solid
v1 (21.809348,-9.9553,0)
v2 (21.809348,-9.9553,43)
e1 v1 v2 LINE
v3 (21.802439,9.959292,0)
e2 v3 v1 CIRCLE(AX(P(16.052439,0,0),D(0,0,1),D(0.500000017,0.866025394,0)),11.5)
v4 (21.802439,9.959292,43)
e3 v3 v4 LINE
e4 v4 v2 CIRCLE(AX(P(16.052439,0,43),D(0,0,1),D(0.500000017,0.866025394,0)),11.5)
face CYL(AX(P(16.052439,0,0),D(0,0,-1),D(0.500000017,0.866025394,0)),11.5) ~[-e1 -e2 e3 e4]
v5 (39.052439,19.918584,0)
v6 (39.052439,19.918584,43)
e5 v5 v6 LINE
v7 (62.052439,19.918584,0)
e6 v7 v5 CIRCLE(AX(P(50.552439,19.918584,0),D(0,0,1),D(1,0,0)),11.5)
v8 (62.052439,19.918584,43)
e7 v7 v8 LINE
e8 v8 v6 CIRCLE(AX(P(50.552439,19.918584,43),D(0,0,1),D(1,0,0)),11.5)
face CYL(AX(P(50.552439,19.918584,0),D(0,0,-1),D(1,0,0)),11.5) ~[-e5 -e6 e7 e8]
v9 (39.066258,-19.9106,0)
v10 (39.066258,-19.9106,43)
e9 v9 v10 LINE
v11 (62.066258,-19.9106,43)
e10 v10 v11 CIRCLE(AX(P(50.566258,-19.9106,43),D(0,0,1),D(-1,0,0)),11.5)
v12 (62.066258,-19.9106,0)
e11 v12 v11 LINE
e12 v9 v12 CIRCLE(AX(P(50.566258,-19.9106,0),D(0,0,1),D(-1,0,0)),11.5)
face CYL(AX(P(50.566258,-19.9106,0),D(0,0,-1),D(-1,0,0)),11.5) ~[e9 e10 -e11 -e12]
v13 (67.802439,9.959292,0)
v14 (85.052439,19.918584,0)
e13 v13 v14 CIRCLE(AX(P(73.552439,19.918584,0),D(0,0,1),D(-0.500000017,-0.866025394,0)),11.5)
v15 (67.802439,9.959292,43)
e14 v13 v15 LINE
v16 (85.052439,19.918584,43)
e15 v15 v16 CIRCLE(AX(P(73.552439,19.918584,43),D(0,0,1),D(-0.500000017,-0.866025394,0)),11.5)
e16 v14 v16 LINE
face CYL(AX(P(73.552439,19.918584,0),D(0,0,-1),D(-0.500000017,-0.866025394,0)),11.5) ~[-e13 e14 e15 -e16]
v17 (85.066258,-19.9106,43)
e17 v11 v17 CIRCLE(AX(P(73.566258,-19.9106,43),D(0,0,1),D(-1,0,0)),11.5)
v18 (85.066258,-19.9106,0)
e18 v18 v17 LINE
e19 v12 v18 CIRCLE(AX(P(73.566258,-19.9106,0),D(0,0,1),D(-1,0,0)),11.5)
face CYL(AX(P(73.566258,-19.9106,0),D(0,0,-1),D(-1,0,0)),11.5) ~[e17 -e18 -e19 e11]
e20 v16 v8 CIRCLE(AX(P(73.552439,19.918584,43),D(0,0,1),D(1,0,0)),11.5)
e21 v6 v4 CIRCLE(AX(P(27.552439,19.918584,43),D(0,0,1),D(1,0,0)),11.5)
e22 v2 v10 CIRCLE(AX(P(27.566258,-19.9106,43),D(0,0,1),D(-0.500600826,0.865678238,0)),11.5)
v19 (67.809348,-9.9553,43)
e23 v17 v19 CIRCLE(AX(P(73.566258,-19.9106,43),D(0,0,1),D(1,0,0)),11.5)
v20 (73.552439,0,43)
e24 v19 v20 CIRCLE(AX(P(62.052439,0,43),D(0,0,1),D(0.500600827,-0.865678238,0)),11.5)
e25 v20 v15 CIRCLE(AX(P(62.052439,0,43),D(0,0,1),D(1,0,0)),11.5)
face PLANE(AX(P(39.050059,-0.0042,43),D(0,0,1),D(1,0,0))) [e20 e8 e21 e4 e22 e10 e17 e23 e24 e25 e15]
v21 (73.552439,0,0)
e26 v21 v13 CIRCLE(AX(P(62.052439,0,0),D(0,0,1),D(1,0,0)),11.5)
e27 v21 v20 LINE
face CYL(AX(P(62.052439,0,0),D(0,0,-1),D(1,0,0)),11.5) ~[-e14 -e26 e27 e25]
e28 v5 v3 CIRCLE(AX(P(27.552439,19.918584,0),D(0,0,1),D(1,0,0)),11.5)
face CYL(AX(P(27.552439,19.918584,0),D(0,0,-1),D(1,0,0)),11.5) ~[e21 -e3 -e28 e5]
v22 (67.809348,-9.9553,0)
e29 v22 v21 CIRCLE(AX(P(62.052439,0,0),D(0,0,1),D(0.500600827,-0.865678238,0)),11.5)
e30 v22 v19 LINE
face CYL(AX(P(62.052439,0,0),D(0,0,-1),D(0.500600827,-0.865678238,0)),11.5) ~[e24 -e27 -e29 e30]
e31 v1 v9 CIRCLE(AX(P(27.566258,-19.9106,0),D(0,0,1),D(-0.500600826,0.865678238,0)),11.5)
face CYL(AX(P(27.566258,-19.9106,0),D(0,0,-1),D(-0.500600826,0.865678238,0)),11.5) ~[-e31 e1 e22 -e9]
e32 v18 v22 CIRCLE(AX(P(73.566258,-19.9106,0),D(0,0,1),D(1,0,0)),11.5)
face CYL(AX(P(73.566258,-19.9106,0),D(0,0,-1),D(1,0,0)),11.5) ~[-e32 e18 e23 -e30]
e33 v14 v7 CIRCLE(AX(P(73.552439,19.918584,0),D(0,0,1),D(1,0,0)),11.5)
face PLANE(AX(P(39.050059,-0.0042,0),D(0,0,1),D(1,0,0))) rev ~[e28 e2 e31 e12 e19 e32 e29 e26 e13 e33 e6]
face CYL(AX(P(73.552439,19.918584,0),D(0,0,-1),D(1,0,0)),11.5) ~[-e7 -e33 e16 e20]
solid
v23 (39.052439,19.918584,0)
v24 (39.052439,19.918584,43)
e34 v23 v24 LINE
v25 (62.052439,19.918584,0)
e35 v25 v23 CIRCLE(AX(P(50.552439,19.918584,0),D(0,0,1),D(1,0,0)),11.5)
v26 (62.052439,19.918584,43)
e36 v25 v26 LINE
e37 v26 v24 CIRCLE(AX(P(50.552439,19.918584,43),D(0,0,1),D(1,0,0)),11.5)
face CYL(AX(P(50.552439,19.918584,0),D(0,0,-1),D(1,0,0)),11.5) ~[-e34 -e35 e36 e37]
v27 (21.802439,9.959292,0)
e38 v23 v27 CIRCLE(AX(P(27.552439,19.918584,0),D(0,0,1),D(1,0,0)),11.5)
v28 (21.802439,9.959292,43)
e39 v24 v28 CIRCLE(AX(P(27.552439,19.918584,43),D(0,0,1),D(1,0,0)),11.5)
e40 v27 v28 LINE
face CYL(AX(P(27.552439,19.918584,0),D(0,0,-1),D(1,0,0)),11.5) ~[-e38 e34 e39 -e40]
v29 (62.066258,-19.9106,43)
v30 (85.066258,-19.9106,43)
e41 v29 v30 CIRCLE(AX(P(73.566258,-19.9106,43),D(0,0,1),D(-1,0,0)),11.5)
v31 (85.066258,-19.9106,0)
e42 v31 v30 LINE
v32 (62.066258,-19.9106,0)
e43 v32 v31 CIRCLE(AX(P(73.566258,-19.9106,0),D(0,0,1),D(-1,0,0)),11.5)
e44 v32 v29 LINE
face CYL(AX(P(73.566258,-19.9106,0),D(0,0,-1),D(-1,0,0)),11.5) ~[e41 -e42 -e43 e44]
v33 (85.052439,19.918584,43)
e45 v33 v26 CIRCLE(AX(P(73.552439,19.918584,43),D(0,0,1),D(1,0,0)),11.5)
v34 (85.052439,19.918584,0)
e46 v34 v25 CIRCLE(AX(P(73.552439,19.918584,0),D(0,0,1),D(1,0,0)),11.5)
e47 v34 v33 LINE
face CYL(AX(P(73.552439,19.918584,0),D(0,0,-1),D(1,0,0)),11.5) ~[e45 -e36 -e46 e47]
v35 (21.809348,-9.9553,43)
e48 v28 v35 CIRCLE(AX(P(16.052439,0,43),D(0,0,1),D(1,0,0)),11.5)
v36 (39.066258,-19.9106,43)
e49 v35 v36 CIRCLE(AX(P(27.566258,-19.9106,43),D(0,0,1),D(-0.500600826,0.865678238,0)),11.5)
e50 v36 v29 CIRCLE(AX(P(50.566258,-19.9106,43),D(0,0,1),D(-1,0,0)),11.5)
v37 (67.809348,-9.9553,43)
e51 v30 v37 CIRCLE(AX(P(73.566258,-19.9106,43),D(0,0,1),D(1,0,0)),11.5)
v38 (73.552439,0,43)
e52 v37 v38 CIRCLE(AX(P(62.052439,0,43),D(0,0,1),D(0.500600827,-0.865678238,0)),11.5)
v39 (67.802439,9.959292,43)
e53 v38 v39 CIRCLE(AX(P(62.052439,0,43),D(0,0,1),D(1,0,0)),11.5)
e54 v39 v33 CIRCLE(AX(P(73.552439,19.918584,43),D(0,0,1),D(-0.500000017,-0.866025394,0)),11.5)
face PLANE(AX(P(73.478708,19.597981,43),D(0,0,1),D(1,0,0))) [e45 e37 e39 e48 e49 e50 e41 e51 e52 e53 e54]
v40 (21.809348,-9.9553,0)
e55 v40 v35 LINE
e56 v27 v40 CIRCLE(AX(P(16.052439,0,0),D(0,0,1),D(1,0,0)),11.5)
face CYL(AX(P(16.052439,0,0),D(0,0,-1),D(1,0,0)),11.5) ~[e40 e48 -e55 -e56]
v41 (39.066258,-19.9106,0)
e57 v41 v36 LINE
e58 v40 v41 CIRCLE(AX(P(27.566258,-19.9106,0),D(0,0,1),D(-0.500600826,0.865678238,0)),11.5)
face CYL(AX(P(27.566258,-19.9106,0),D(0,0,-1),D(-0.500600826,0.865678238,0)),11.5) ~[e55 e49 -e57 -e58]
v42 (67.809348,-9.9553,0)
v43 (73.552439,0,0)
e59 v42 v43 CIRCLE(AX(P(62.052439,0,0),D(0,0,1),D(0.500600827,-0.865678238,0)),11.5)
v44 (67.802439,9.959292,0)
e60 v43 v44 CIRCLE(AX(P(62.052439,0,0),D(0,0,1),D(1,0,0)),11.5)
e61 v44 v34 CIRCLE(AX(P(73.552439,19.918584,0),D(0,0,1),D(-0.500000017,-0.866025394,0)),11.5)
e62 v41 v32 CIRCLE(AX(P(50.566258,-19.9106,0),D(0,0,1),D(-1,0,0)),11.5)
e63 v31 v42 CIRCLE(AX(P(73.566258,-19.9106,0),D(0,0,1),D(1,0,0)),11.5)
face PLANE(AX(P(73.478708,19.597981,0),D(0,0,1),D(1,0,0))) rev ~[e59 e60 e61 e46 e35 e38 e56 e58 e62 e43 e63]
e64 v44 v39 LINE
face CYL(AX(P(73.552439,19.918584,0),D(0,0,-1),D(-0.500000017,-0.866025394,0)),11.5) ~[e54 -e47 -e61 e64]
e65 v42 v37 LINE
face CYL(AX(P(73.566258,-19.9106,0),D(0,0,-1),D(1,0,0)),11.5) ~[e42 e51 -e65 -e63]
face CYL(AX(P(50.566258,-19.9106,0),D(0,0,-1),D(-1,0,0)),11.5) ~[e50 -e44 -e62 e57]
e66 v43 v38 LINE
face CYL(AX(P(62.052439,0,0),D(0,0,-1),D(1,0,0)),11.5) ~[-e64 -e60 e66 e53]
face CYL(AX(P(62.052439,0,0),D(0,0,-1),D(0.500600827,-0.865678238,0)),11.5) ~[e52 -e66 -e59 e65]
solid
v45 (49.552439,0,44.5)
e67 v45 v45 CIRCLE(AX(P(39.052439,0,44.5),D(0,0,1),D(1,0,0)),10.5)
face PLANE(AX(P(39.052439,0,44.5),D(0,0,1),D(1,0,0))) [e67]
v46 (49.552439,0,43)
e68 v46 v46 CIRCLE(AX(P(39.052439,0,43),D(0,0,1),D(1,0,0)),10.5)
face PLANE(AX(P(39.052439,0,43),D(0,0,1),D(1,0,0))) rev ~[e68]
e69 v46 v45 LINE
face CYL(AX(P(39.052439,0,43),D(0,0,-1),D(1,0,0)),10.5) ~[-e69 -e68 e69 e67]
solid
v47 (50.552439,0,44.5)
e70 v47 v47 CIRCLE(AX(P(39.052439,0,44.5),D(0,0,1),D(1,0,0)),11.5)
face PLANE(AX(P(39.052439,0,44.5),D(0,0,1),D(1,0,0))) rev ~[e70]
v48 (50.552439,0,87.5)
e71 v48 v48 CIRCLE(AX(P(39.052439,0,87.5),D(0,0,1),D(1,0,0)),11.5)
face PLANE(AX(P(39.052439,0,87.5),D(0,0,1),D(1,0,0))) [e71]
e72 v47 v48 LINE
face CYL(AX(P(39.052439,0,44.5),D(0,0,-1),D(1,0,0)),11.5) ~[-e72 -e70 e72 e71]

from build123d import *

# Parameters (mm, degrees)
F2_DEPTH = 43
F4_R     = 10.5
F5_DEPTH = 1.5
F8_R     = 11.5
F9_DEPTH = 43


with BuildPart() as f2:
    # F1 (on Top) → F2 (new body)
    with BuildSketch(Plane.XY):
        with BuildLine():
            ThreePointArc((85.0524389676, 19.918584287), (73.5524389676, 31.418584287), (62.0524389676, 19.918584287))
            ThreePointArc((62.0524389676, 19.918584287), (63.5931467664, 14.168584387), (67.8024387677, 9.9592922589))
            ThreePointArc((67.8024387677, 9.9592922589), (79.3024388676, 9.9592920858), (85.0524389676, 19.918584287))
        make_face()
        with BuildLine():
            ThreePointArc((67.8093484759, -9.95529974), (63.6049713282, -14.1640552846), (62.066257831, -19.9105995686))
            ThreePointArc((62.066257831, -19.9105995686), (73.566257831, -31.4105995686), (85.066257831, -19.9105995686))
            ThreePointArc((85.066257831, -19.9105995686), (79.312802115, -9.9493130657), (67.8093484759, -9.95529974))
        make_face()
        with BuildLine():
            ThreePointArc((33.3024389273, 9.9592921203), (37.5117310995, 14.1685842669), (39.0524389676, 19.918584287))
            ThreePointArc((39.0524389676, 19.918584287), (21.8024390217, 29.8778764618), (21.8024388594, 9.959292206))
            ThreePointArc((21.8024388594, 9.959292206), (27.5524388819, 8.418584287), (33.3024389273, 9.9592921203))
        make_face()
        with BuildLine():
            ThreePointArc((27.5524389676, 0), (26.0117310799, 5.7500000541), (21.8024388594, 9.959292206))
            ThreePointArc((21.8024388594, 9.959292206), (4.5524396598, -0.0039899827), (21.8093483274, -9.9552998259))
            ThreePointArc((21.8093483274, -9.9552998259), (26.0137254718, -5.7465442817), (27.5524389676, 0))
        make_face()
        with BuildLine():
            ThreePointArc((33.3024389273, 9.9592921203), (27.5524388819, 8.418584287), (21.8024388594, 9.959292206))
            ThreePointArc((21.8024388594, 9.959292206), (26.0117310799, 5.7500000541), (27.5524389676, 0))
            ThreePointArc((27.5524389676, 0), (29.0931468125, 5.7499999799), (33.3024389273, 9.9592921203))
        make_face()
        with BuildLine():
            ThreePointArc((44.8024388594, 9.959292206), (40.5931467929, 14.1685843411), (39.0524389676, 19.918584287))
            ThreePointArc((39.0524389676, 19.918584287), (37.5117310995, 14.1685842669), (33.3024389273, 9.9592921203))
            ThreePointArc((33.3024389273, 9.9592921203), (39.0524388819, 11.5), (44.8024388594, 9.959292206))
        make_face()
        with BuildLine():
            ThreePointArc((32.9640435524, -9.7560976455), (28.9959349211, -5.5782368507), (27.5524389676, 0))
            ThreePointArc((27.5524389676, 0), (26.0137254718, -5.7465442817), (21.8093483274, -9.9552998259))
            ThreePointArc((21.8093483274, -9.9552998259), (27.360921887, -8.4124328821), (32.9640435524, -9.7560976455))
        make_face()
        with BuildLine():
            ThreePointArc((32.9640435524, -9.7560976455), (27.360921887, -8.4124328821), (21.8093483274, -9.9552998259))
            ThreePointArc((21.8093483274, -9.9552998259), (21.8197136213, -29.8718861143), (39.066257831, -19.9105995686))
            ThreePointArc((39.066257831, -19.9105995686), (37.6227618775, -14.3323627178), (33.6546532462, -10.1545019231))
            ThreePointArc((33.6546532462, -10.1545019231), (33.3058947219, -9.961286525), (32.9640435524, -9.7560976455))
        make_face()
        with BuildLine():
            ThreePointArc((33.6546532462, -10.1545019231), (37.6227618775, -14.3323627178), (39.066257831, -19.9105995686))
            ThreePointArc((39.066257831, -19.9105995686), (40.6049713407, -14.1640552628), (44.8093485194, -9.9552997148))
            ThreePointArc((44.8093485194, -9.9552997148), (39.2577749395, -11.498166686), (33.6546532462, -10.1545019231))
        make_face()
        with BuildLine():
            ThreePointArc((62.0524389676, 19.918584287), (50.5524389676, 31.418584287), (39.0524389676, 19.918584287))
            ThreePointArc((39.0524389676, 19.918584287), (40.5931467929, 14.1685843411), (44.8024388594, 9.959292206))
            ThreePointArc((44.8024388594, 9.959292206), (50.5524390206, 8.418584287), (56.3024391675, 9.9592922589))
            ThreePointArc((56.3024391675, 9.9592922589), (60.5117311688, 14.168584387), (62.0524389676, 19.918584287))
        make_face()
        with BuildLine():
            ThreePointArc((67.8024387677, 9.9592922589), (63.5931467664, 14.168584387), (62.0524389676, 19.918584287))
            ThreePointArc((62.0524389676, 19.918584287), (60.5117311688, 14.168584387), (56.3024391675, 9.9592922589))
            ThreePointArc((56.3024391675, 9.9592922589), (62.0524389676, 11.5), (67.8024387677, 9.9592922589))
        make_face()
        with BuildLine():
            ThreePointArc((56.6546532462, -10.1545019231), (60.6227618775, -14.3323627178), (62.066257831, -19.9105995686))
            ThreePointArc((62.066257831, -19.9105995686), (63.6049713282, -14.1640552846), (67.8093484759, -9.95529974))
            ThreePointArc((67.8093484759, -9.95529974), (62.2577749143, -11.4981666864), (56.6546532462, -10.1545019231))
        make_face()
        with BuildLine():
            ThreePointArc((44.8093485194, -9.9552997148), (40.6049713407, -14.1640552628), (39.066257831, -19.9105995686))
            ThreePointArc((39.066257831, -19.9105995686), (50.566257831, -31.4105995686), (62.066257831, -19.9105995686))
            ThreePointArc((62.066257831, -19.9105995686), (60.6227618775, -14.3323627178), (56.6546532462, -10.1545019231))
            ThreePointArc((56.6546532462, -10.1545019231), (56.3058947219, -9.961286525), (55.9640435524, -9.7560976455))
            ThreePointArc((55.9640435524, -9.7560976455), (50.3609219979, -8.4124328801), (44.8093485194, -9.9552997148))
        make_face()
        with BuildLine():
            ThreePointArc((67.8024387677, 9.9592922589), (62.0524389676, 11.5), (56.3024391675, 9.9592922589))
            ThreePointArc((56.3024391675, 9.9592922589), (52.0931468818, 5.7500001), (50.5524389676, 0))
            ThreePointArc((50.5524389676, 0), (51.9959349211, -5.5782368507), (55.9640435524, -9.7560976455))
            ThreePointArc((55.9640435524, -9.7560976455), (56.3128020767, -9.9493130436), (56.6546532462, -10.1545019231))
            ThreePointArc((56.6546532462, -10.1545019231), (62.2577749143, -11.4981666864), (67.8093484759, -9.95529974))
            ThreePointArc((67.8093484759, -9.95529974), (72.0137255147, -5.7465442074), (73.5524389676, 0))
            ThreePointArc((73.5524389676, 0), (72.0117310534, 5.7500001), (67.8024387677, 9.9592922589))
        make_face()
        with BuildLine():
            ThreePointArc((44.8024388594, 9.959292206), (39.0524388819, 11.5), (33.3024389273, 9.9592921203))
            ThreePointArc((33.3024389273, 9.9592921203), (29.0931468125, 5.7499999799), (27.5524389676, 0))
            ThreePointArc((27.5524389676, 0), (28.9959349211, -5.5782368507), (32.9640435524, -9.7560976455))
            ThreePointArc((32.9640435524, -9.7560976455), (33.3128020767, -9.9493130436), (33.6546532462, -10.1545019231))
            ThreePointArc((33.6546532462, -10.1545019231), (39.2577749395, -11.498166686), (44.8093485194, -9.9552997148))
            ThreePointArc((44.8093485194, -9.9552997148), (49.0137255272, -5.7465441856), (50.5524389676, 0))
            ThreePointArc((50.5524389676, 0), (49.0117310799, 5.7500000541), (44.8024388594, 9.959292206))
        make_face()
        with BuildLine():
            ThreePointArc((56.3024391675, 9.9592922589), (50.5524390206, 8.418584287), (44.8024388594, 9.959292206))
            ThreePointArc((44.8024388594, 9.959292206), (49.0117310799, 5.7500000541), (50.5524389676, 0))
            ThreePointArc((50.5524389676, 0), (52.0931468818, 5.7500001), (56.3024391675, 9.9592922589))
        make_face()
        with BuildLine():
            ThreePointArc((55.9640435524, -9.7560976455), (51.9959349211, -5.5782368507), (50.5524389676, 0))
            ThreePointArc((50.5524389676, 0), (49.0137255272, -5.7465441856), (44.8093485194, -9.9552997148))
            ThreePointArc((44.8093485194, -9.9552997148), (50.3609219979, -8.4124328801), (55.9640435524, -9.7560976455))
        make_face()
        with BuildLine():
            ThreePointArc((56.6546532462, -10.1545019231), (56.3128020767, -9.9493130436), (55.9640435524, -9.7560976455))
            ThreePointArc((55.9640435524, -9.7560976455), (56.3058947219, -9.961286525), (56.6546532462, -10.1545019231))
        make_face()
        with BuildLine():
            ThreePointArc((33.6546532462, -10.1545019231), (33.3128020767, -9.9493130436), (32.9640435524, -9.7560976455))
            ThreePointArc((32.9640435524, -9.7560976455), (33.3058947219, -9.961286525), (33.6546532462, -10.1545019231))
        make_face()
    extrude(amount=F2_DEPTH)


with BuildPart() as f2b:
    # F0 (on Top) → F2, piece 2 (new body)
    with BuildSketch(Plane.XY):
        with BuildLine():
            ThreePointArc((33.3024389273, 9.9592921203), (29.0931468125, 5.7499999799), (27.5524389676, 0))
            ThreePointArc((27.5524389676, 0), (28.9959349211, -5.5782368507), (32.9640435524, -9.7560976455))
            ThreePointArc((32.9640435524, -9.7560976455), (33.3128020767, -9.9493130436), (33.6546532462, -10.1545019231))
            ThreePointArc((33.6546532462, -10.1545019231), (39.2577749143, -11.4981666864), (44.8093484759, -9.95529974))
            ThreePointArc((44.8093484759, -9.95529974), (49.0137255147, -5.7465442074), (50.5524389676, 0))
            ThreePointArc((50.5524389676, 0), (49.0117310799, 5.7500000541), (44.8024388594, 9.959292206))
            ThreePointArc((44.8024388594, 9.959292206), (39.0524388819, 11.5), (33.3024389273, 9.9592921203))
        make_face()
        with BuildLine():
            ThreePointArc((56.6546532462, -10.1545019231), (60.6227618775, -14.3323627178), (62.066257831, -19.9105995686))
            ThreePointArc((62.066257831, -19.9105995686), (63.6049713282, -14.1640552846), (67.8093484759, -9.95529974))
            ThreePointArc((67.8093484759, -9.95529974), (62.2577749143, -11.4981666864), (56.6546532462, -10.1545019231))
        make_face()
        with BuildLine():
            ThreePointArc((67.8024387677, 9.9592922589), (63.5931467664, 14.168584387), (62.0524389676, 19.918584287))
            ThreePointArc((62.0524389676, 19.918584287), (60.5117311688, 14.168584387), (56.3024391675, 9.9592922589))
            ThreePointArc((56.3024391675, 9.9592922589), (62.0524389676, 11.5), (67.8024387677, 9.9592922589))
        make_face()
        with BuildLine():
            ThreePointArc((44.8093484759, -9.95529974), (40.6049713282, -14.1640552846), (39.066257831, -19.9105995686))
            ThreePointArc((39.066257831, -19.9105995686), (50.566257831, -31.4105995686), (62.066257831, -19.9105995686))
            ThreePointArc((62.066257831, -19.9105995686), (60.6227618775, -14.3323627178), (56.6546532462, -10.1545019231))
            ThreePointArc((56.6546532462, -10.1545019231), (56.3058947219, -9.961286525), (55.9640435524, -9.7560976455))
            ThreePointArc((55.9640435524, -9.7560976455), (50.3609219728, -8.4124328806), (44.8093484759, -9.95529974))
        make_face()
        with BuildLine():
            ThreePointArc((67.8024387677, 9.9592922589), (62.0524389676, 11.5), (56.3024391675, 9.9592922589))
            ThreePointArc((56.3024391675, 9.9592922589), (52.0931468818, 5.7500001), (50.5524389676, 0))
            ThreePointArc((50.5524389676, 0), (51.9959349211, -5.5782368507), (55.9640435524, -9.7560976455))
            ThreePointArc((55.9640435524, -9.7560976455), (56.3128020767, -9.9493130436), (56.6546532462, -10.1545019231))
            ThreePointArc((56.6546532462, -10.1545019231), (62.2577749143, -11.4981666864), (67.8093484759, -9.95529974))
            ThreePointArc((67.8093484759, -9.95529974), (72.0137255147, -5.7465442074), (73.5524389676, 0))
            ThreePointArc((73.5524389676, 0), (72.0117310534, 5.7500001), (67.8024387677, 9.9592922589))
        make_face()
        with BuildLine():
            ThreePointArc((50.5524389676, 0), (49.0137255147, -5.7465442074), (44.8093484759, -9.95529974))
            ThreePointArc((44.8093484759, -9.95529974), (50.3609219728, -8.4124328806), (55.9640435524, -9.7560976455))
            ThreePointArc((55.9640435524, -9.7560976455), (51.9959349211, -5.5782368507), (50.5524389676, 0))
        make_face()
        with BuildLine():
            ThreePointArc((85.0524389676, 19.918584287), (73.5524389676, 31.418584287), (62.0524389676, 19.918584287))
            ThreePointArc((62.0524389676, 19.918584287), (63.5931467664, 14.168584387), (67.8024387677, 9.9592922589))
            ThreePointArc((67.8024387677, 9.9592922589), (79.3024388676, 9.9592920858), (85.0524389676, 19.918584287))
        make_face()
        with BuildLine():
            ThreePointArc((67.8093484759, -9.95529974), (63.6049713282, -14.1640552846), (62.066257831, -19.9105995686))
            ThreePointArc((62.066257831, -19.9105995686), (73.566257831, -31.4105995686), (85.066257831, -19.9105995686))
            ThreePointArc((85.066257831, -19.9105995686), (79.312802115, -9.9493130657), (67.8093484759, -9.95529974))
        make_face()
        with BuildLine():
            ThreePointArc((21.8093483274, -9.9552998259), (26.0137254718, -5.7465442817), (27.5524389676, 0))
            ThreePointArc((27.5524389676, 0), (26.0117311674, 5.7499999026), (21.8024391624, 9.959292031))
            ThreePointArc((21.8024391624, 9.959292031), (4.5524396597, -0.0039898077), (21.8093483274, -9.9552998259))
        make_face()
        with BuildLine():
            ThreePointArc((39.0524389676, 19.918584287), (21.8024388702, 29.8778763743), (21.8024391624, 9.959292031))
            ThreePointArc((21.8024391624, 9.959292031), (27.5524390568, 8.418584287), (33.3024389273, 9.9592921203))
            ThreePointArc((33.3024389273, 9.9592921203), (37.5117310995, 14.1685842669), (39.0524389676, 19.918584287))
        make_face()
        with BuildLine():
            ThreePointArc((21.8024391624, 9.959292031), (26.0117311674, 5.7499999026), (27.5524389676, 0))
            ThreePointArc((27.5524389676, 0), (29.0931468125, 5.7499999799), (33.3024389273, 9.9592921203))
            ThreePointArc((33.3024389273, 9.9592921203), (27.5524390568, 8.418584287), (21.8024391624, 9.959292031))
        make_face()
        with BuildLine():
            ThreePointArc((32.9640435524, -9.7560976455), (28.9959349211, -5.5782368507), (27.5524389676, 0))
            ThreePointArc((27.5524389676, 0), (26.0137254718, -5.7465442817), (21.8093483274, -9.9552998259))
            ThreePointArc((21.8093483274, -9.9552998259), (27.360921887, -8.4124328821), (32.9640435524, -9.7560976455))
        make_face()
        with BuildLine():
            ThreePointArc((39.0524389676, 19.918584287), (37.5117310995, 14.1685842669), (33.3024389273, 9.9592921203))
            ThreePointArc((33.3024389273, 9.9592921203), (39.0524388819, 11.5), (44.8024388594, 9.959292206))
            ThreePointArc((44.8024388594, 9.959292206), (40.5931467929, 14.1685843411), (39.0524389676, 19.918584287))
        make_face()
        with BuildLine():
            ThreePointArc((32.9640435524, -9.7560976455), (27.360921887, -8.4124328821), (21.8093483274, -9.9552998259))
            ThreePointArc((21.8093483274, -9.9552998259), (21.8197136213, -29.8718861143), (39.066257831, -19.9105995686))
            ThreePointArc((39.066257831, -19.9105995686), (37.6227618775, -14.3323627178), (33.6546532462, -10.1545019231))
            ThreePointArc((33.6546532462, -10.1545019231), (33.3058947219, -9.961286525), (32.9640435524, -9.7560976455))
        make_face()
        with BuildLine():
            ThreePointArc((33.6546532462, -10.1545019231), (37.6227618775, -14.3323627178), (39.066257831, -19.9105995686))
            ThreePointArc((39.066257831, -19.9105995686), (40.6049713282, -14.1640552846), (44.8093484759, -9.95529974))
            ThreePointArc((44.8093484759, -9.95529974), (39.2577749143, -11.4981666864), (33.6546532462, -10.1545019231))
        make_face()
        with BuildLine():
            ThreePointArc((62.0524389676, 19.918584287), (50.5524389676, 31.418584287), (39.0524389676, 19.918584287))
            ThreePointArc((39.0524389676, 19.918584287), (40.5931467929, 14.1685843411), (44.8024388594, 9.959292206))
            ThreePointArc((44.8024388594, 9.959292206), (50.5524390206, 8.418584287), (56.3024391675, 9.9592922589))
            ThreePointArc((56.3024391675, 9.9592922589), (60.5117311688, 14.168584387), (62.0524389676, 19.918584287))
        make_face()
        with BuildLine():
            ThreePointArc((56.3024391675, 9.9592922589), (50.5524390206, 8.418584287), (44.8024388594, 9.959292206))
            ThreePointArc((44.8024388594, 9.959292206), (49.0117310799, 5.7500000541), (50.5524389676, 0))
            ThreePointArc((50.5524389676, 0), (52.0931468818, 5.7500001), (56.3024391675, 9.9592922589))
        make_face()
        with BuildLine():
            ThreePointArc((55.9640435524, -9.7560976455), (56.3058947219, -9.961286525), (56.6546532462, -10.1545019231))
            ThreePointArc((56.6546532462, -10.1545019231), (56.3128020767, -9.9493130436), (55.9640435524, -9.7560976455))
        make_face()
        with BuildLine():
            ThreePointArc((33.6546532462, -10.1545019231), (33.3128020767, -9.9493130436), (32.9640435524, -9.7560976455))
            ThreePointArc((32.9640435524, -9.7560976455), (33.3058947219, -9.961286525), (33.6546532462, -10.1545019231))
        make_face()
    extrude(amount=F2_DEPTH)


with BuildPart() as f5:
    # F4 (on offset) → F5 (new body)
    with BuildSketch(Plane.XY.offset(43)):
        with Locations((39.0524389676, 0)):
            Circle(F4_R)
    extrude(amount=F5_DEPTH)


with BuildPart() as f9:
    # F8 (on offset) → F9 (new body)
    with BuildSketch(Plane.XY.offset(44.5)):
        with Locations((39.0524389676, 0)):
            Circle(F8_R)
    extrude(amount=F9_DEPTH)


solid = Compound([f2.part, f2b.part, f5.part, f9.part])
